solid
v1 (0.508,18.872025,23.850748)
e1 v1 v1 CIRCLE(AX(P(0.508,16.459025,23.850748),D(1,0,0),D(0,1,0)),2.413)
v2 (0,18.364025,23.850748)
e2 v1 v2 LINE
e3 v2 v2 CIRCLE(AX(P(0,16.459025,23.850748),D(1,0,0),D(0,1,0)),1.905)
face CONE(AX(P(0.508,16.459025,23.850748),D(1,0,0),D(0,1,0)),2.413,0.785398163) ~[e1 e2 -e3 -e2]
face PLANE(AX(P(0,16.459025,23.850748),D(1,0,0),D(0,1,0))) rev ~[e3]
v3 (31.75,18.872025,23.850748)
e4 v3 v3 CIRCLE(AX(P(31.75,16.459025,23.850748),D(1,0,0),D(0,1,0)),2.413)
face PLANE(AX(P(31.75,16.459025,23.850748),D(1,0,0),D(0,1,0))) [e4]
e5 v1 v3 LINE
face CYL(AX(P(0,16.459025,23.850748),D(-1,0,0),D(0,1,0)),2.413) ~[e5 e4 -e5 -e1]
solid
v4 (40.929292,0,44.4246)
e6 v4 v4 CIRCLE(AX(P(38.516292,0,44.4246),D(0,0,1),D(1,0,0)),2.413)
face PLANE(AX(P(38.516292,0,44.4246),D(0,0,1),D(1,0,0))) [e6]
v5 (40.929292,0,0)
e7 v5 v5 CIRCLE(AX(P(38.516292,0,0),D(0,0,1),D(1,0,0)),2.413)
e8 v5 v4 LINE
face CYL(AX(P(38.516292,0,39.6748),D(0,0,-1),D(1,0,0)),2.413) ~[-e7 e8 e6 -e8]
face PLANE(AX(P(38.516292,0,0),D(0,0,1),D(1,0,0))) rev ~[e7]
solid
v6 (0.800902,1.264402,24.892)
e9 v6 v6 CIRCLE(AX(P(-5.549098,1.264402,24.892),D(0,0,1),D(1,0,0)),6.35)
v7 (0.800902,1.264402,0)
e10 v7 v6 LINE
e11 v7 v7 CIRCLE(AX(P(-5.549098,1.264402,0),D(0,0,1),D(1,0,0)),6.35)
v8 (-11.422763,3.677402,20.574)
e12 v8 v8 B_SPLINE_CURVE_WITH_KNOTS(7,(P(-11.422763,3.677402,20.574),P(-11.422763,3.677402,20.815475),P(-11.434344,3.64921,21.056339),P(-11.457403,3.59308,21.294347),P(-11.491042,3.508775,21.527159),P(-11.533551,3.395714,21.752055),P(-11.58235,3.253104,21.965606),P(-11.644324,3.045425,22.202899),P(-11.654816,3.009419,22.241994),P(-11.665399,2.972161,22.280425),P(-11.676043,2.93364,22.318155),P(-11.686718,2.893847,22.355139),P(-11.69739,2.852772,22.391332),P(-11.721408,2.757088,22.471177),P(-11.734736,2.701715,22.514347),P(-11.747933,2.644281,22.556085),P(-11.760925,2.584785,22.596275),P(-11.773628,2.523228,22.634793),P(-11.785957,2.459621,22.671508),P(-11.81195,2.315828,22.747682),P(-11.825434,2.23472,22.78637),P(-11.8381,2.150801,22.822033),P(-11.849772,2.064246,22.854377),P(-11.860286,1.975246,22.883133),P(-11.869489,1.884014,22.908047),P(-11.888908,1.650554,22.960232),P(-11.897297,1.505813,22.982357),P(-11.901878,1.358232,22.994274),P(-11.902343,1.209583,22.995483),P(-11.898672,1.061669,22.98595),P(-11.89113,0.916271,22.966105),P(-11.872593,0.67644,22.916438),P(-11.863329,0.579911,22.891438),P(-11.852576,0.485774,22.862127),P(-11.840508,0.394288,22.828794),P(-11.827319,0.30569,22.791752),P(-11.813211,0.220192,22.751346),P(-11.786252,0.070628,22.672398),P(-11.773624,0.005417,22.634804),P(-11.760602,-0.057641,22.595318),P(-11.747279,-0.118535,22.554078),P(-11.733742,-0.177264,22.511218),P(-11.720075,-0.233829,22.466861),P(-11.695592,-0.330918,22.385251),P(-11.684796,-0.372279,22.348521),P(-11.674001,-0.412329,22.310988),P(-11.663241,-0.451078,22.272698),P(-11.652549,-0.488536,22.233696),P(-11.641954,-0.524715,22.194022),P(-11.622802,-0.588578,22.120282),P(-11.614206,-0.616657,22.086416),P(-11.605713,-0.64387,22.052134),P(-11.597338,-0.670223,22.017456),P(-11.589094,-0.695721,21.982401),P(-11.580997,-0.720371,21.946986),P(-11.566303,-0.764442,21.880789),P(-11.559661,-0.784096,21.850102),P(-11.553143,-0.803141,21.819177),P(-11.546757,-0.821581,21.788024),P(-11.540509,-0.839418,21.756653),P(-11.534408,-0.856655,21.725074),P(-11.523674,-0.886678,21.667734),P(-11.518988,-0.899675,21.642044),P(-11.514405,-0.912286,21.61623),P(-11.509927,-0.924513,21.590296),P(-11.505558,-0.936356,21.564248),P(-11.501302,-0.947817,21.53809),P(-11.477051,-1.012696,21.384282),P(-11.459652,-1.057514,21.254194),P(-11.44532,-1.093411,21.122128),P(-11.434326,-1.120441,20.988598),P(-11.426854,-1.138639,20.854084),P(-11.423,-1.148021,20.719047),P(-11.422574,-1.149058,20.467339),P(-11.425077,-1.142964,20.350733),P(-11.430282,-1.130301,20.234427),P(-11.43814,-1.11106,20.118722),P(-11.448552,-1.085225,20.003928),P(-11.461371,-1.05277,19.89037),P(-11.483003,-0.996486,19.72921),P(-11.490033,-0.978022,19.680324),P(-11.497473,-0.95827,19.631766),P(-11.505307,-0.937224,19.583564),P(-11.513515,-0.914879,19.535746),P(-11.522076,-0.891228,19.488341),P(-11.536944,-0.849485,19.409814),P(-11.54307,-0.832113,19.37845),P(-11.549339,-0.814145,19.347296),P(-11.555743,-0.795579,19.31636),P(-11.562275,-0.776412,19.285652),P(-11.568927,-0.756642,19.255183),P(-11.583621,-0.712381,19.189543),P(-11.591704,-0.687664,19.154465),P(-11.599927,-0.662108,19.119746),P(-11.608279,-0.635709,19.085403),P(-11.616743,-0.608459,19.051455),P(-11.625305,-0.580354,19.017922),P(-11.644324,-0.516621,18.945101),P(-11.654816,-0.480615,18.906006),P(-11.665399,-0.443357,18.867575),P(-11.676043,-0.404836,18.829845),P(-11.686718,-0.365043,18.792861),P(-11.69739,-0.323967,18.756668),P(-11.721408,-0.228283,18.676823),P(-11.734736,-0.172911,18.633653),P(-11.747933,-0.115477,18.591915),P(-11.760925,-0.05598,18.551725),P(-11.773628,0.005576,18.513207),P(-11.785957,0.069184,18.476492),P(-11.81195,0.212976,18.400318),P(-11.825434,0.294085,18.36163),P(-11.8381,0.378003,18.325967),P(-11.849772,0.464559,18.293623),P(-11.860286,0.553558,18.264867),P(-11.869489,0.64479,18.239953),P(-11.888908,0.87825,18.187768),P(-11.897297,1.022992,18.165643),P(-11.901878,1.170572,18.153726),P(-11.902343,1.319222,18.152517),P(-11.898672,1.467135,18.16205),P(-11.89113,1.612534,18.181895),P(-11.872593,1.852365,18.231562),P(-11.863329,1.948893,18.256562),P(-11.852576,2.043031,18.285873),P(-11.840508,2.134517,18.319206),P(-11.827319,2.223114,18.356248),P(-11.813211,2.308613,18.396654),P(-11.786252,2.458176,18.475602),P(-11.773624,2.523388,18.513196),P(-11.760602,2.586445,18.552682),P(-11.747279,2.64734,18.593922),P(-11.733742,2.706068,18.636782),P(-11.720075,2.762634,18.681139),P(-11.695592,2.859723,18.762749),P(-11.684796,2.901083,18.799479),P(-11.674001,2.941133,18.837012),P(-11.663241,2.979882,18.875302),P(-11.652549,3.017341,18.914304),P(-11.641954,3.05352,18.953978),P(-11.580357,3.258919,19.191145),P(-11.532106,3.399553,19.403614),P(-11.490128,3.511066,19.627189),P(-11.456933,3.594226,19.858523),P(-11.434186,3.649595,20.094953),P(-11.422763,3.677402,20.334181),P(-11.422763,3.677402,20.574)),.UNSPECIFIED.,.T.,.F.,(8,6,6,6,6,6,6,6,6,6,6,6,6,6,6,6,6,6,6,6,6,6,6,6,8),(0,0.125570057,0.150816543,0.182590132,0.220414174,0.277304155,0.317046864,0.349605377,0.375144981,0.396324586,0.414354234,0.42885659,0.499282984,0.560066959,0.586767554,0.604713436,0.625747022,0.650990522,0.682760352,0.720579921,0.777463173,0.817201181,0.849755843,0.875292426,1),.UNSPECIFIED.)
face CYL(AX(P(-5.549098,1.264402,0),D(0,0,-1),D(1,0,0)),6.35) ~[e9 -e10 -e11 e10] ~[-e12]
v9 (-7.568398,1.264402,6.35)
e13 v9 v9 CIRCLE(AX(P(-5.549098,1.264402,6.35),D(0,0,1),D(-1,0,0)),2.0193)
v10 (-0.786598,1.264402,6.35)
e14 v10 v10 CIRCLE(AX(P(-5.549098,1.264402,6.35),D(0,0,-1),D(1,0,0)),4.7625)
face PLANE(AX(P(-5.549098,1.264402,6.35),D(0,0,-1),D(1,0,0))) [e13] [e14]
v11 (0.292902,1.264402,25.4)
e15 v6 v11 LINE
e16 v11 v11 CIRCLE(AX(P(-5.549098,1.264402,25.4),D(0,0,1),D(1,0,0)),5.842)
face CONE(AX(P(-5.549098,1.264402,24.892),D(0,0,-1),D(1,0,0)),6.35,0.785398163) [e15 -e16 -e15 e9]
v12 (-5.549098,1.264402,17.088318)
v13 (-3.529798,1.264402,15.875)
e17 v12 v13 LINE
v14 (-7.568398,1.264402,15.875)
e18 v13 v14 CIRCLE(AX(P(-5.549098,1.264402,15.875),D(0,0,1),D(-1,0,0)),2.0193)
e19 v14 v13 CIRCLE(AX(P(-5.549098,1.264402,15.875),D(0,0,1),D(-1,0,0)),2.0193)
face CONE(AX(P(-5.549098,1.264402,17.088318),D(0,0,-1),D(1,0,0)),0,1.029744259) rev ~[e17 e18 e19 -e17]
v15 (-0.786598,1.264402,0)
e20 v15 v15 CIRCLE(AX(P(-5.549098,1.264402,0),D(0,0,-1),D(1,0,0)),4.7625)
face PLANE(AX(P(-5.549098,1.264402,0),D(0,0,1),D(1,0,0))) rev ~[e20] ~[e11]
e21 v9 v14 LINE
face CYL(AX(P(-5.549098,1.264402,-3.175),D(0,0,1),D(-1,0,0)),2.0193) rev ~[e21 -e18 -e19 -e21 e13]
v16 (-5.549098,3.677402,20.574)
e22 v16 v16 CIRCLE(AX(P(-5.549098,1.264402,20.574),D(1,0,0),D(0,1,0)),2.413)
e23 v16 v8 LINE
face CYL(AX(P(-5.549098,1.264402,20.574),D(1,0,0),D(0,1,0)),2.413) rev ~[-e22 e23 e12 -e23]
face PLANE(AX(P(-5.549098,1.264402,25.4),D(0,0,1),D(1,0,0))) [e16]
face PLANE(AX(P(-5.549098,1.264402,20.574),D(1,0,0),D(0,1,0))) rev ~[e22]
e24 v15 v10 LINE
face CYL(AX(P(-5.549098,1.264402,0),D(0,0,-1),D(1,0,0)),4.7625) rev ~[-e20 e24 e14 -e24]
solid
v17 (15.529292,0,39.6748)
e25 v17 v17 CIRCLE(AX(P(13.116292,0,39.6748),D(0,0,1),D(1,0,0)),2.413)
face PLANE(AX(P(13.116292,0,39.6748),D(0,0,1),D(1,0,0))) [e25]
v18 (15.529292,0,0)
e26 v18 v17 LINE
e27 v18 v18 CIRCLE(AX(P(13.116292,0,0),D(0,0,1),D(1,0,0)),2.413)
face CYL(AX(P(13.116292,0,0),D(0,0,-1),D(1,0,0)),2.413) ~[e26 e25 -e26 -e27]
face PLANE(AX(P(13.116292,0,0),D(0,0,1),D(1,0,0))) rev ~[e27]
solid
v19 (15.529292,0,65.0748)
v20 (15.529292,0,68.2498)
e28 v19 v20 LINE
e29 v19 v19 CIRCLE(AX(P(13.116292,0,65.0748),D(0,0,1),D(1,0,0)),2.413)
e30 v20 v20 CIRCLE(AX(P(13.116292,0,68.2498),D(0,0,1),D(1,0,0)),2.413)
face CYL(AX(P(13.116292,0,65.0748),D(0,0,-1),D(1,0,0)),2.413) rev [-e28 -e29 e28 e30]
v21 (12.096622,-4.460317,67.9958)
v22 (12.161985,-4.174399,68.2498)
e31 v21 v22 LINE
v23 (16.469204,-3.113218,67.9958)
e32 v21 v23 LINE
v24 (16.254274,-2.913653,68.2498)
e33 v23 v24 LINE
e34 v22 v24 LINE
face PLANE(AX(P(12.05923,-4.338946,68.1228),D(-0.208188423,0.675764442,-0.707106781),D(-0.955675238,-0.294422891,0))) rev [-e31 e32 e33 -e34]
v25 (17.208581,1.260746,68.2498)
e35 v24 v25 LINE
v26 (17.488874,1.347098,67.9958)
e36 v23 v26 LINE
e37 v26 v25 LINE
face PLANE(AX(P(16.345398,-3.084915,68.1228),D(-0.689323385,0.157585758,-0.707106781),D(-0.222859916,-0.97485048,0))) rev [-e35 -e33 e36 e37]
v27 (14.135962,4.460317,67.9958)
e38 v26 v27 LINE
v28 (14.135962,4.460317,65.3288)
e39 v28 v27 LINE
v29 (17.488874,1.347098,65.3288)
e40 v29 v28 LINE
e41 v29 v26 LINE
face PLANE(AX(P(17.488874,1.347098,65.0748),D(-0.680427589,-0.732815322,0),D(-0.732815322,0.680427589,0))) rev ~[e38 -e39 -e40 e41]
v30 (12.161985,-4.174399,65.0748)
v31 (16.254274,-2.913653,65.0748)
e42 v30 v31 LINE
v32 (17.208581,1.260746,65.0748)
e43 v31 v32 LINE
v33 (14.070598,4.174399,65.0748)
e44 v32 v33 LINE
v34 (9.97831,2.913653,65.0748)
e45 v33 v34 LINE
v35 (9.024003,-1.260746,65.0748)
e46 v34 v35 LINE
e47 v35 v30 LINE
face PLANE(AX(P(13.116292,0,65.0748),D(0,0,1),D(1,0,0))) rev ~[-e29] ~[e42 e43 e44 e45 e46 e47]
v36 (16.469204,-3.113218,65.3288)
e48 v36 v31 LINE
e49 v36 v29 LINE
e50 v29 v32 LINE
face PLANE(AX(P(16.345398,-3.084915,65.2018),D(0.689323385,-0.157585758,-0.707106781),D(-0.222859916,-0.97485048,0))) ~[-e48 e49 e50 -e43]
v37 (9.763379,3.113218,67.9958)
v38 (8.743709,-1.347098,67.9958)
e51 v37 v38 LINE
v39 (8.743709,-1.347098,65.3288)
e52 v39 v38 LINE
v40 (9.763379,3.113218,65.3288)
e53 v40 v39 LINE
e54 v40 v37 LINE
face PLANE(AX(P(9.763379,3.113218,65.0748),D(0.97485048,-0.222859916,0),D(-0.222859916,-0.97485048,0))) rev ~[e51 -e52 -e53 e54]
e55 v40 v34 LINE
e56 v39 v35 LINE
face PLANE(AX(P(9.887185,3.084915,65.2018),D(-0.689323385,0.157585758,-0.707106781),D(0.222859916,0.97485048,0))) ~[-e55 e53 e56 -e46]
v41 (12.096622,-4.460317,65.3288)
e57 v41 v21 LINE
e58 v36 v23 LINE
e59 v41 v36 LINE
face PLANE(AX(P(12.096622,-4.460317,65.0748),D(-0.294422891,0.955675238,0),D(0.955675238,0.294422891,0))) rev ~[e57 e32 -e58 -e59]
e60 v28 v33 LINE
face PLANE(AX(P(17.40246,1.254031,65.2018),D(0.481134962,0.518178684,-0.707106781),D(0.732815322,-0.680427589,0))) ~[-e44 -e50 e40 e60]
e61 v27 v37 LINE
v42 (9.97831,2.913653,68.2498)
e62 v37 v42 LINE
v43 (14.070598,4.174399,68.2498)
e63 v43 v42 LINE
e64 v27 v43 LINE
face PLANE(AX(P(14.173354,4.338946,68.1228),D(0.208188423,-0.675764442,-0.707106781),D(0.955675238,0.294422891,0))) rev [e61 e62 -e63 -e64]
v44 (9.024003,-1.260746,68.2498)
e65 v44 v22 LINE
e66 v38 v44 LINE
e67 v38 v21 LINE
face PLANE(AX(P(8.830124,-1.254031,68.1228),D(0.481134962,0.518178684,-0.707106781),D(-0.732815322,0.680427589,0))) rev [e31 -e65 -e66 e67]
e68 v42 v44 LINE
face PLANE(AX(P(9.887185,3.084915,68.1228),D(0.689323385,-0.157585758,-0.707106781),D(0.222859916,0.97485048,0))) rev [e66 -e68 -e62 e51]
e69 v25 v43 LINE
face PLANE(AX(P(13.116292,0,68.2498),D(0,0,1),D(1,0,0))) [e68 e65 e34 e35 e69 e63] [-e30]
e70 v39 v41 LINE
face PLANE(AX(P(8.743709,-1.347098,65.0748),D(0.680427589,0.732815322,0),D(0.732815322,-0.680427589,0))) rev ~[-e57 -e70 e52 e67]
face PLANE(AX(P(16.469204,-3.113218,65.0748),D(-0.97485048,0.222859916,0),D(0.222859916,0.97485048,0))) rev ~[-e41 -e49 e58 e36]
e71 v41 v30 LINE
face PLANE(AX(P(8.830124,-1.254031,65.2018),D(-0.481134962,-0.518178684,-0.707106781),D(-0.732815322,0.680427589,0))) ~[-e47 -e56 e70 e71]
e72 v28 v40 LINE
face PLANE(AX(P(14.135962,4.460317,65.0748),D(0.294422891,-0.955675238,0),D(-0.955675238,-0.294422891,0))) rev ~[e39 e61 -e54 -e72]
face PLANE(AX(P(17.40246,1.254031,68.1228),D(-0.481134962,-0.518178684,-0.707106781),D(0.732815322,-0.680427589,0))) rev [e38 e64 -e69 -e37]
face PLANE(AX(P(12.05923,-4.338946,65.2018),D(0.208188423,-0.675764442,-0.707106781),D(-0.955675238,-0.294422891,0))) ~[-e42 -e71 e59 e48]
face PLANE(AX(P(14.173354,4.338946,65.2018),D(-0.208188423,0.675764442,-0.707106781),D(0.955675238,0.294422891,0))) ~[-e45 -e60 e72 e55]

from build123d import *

# Parameters (mm, degrees)
F0_R       = 2.413
F1_DEPTH   = 39.6748
F3_DEPTH   = 4.7498
F5_R       = 2.413
F6_DEPTH   = 3.175
F7_SIZE    = 0.254
F8_R       = 6.35
F9_DEPTH   = 25.4
F10_R      = 4.7625
F11_DEPTH  = 6.35
F13_D      = 4.0386
F13_DEPTH  = 9.525
F13_TIP    = 1.213317848
F15_R      = 2.413
F16_DEPTH  = 6.351
F17_R      = 2.413
F18_DEPTH  = 31.75
F19_SIZE   = 0.508
F19_2_SIZE = 0.508


with BuildPart() as f1:
    # F0 (on Top) → F1 (new body)
    with BuildSketch(Plane.XY):
        with Locations((13.1162918267, 0)):
            Circle(F0_R)
    extrude(amount=F1_DEPTH)


with BuildPart() as f2_1:
    # F2: copy of F1
    add(f1.part.moved(Location((25.4, 0, 0))))

    # F3 (add): a face of the model
    f3_faces = [f2_1.faces().sort_by_distance(p)[0] for p in [
        (38.5162918267, 0, 39.6748),
    ]]
    extrude(f3_faces, amount=F3_DEPTH)


with BuildPart() as f6:
    # F5 (on offset) → F6 (new body)
    with BuildSketch(Plane.XY.offset(65.0748)):
        Polygon((9.7633792917, 3.1132184653), (8.7437092808, -1.3470981994), (12.0966218158, -4.4603166646), (16.4692043617, -3.1132184653), (17.4888743727, 1.3470981994), (14.1359618377, 4.4603166646), align=None)
        with Locations((13.1162918267, 0)):
            Circle(F5_R, mode=Mode.SUBTRACT)
    extrude(amount=F6_DEPTH)

    # F7
    f7_edges = [f6.edges().sort_by_distance(p)[0] for p in [
        (9.253544, 0.88306, 68.2498),
        (11.949671, 3.786768, 68.2498),
        (15.812418, 2.903707, 68.2498),
        (16.979039, -0.88306, 68.2498),
        (14.282913, -3.786768, 68.2498),
        (10.420166, -2.903707, 68.2498),
        (15.812418, 2.903707, 65.0748),
        (11.949671, 3.786768, 65.0748),
        (9.253544, 0.88306, 65.0748),
        (10.420166, -2.903707, 65.0748),
        (14.282913, -3.786768, 65.0748),
        (16.979039, -0.88306, 65.0748),
    ]]
    chamfer(f7_edges, length=F7_SIZE)


with BuildPart() as f9:
    # F8 (on Top) → F9 (new body)
    with BuildSketch(Plane.XY):
        with Locations((-5.549098365, 1.2644021772)):
            Circle(F8_R)
    extrude(amount=F9_DEPTH)

    # F10 (on face) → F11 (cut)
    with BuildSketch(Plane(origin=(0, 0, 0), x_dir=(1, 0, 0), z_dir=(0, 0, -1))):
        with Locations((-5.549098365, -1.2644021772)):
            Circle(F10_R)
    extrude(amount=-F11_DEPTH, mode=Mode.SUBTRACT)

    # F13
    with Locations(Plane(origin=(0, 0, 6.35), x_dir=(1, 0, 0), z_dir=(0, 0, -1))):
        with Locations((-5.549098365, -1.2644021772)):
            Hole(F13_D / 2, depth=F13_DEPTH)
            with Locations((0, 0, -(F13_DEPTH + F13_TIP / 2))):  # 118° drill point
                Cone(0, F13_D / 2, F13_TIP, mode=Mode.SUBTRACT)

    # F15 (on face) → F16 (cut, through all)
    with BuildSketch(Plane.YZ.offset(-5.549098365)):
        with Locations((1.2644021772, 20.574)):
            Circle(F15_R)
    extrude(amount=-F16_DEPTH, mode=Mode.SUBTRACT)

    # F19#2
    f19_2_edges = [f9.edges().sort_by_distance(p)[0] for p in [
        (-11.899098, 1.264402, 25.4),
    ]]
    chamfer(f19_2_edges, length=F19_2_SIZE)


with BuildPart() as f18:
    # F17 (on Right) → F18 (new body)
    with BuildSketch(Plane.YZ):
        with Locations((16.4590254426, 23.8507483155)):
            Circle(F17_R)
    extrude(amount=F18_DEPTH)

    # F19
    f19_edges = [f18.edges().sort_by_distance(p)[0] for p in [
        (0, 14.046025, 23.850748),
    ]]
    chamfer(f19_edges, length=F19_SIZE)


solid = Compound([f1.part, f2_1.part, f6.part, f9.part, f18.part])
